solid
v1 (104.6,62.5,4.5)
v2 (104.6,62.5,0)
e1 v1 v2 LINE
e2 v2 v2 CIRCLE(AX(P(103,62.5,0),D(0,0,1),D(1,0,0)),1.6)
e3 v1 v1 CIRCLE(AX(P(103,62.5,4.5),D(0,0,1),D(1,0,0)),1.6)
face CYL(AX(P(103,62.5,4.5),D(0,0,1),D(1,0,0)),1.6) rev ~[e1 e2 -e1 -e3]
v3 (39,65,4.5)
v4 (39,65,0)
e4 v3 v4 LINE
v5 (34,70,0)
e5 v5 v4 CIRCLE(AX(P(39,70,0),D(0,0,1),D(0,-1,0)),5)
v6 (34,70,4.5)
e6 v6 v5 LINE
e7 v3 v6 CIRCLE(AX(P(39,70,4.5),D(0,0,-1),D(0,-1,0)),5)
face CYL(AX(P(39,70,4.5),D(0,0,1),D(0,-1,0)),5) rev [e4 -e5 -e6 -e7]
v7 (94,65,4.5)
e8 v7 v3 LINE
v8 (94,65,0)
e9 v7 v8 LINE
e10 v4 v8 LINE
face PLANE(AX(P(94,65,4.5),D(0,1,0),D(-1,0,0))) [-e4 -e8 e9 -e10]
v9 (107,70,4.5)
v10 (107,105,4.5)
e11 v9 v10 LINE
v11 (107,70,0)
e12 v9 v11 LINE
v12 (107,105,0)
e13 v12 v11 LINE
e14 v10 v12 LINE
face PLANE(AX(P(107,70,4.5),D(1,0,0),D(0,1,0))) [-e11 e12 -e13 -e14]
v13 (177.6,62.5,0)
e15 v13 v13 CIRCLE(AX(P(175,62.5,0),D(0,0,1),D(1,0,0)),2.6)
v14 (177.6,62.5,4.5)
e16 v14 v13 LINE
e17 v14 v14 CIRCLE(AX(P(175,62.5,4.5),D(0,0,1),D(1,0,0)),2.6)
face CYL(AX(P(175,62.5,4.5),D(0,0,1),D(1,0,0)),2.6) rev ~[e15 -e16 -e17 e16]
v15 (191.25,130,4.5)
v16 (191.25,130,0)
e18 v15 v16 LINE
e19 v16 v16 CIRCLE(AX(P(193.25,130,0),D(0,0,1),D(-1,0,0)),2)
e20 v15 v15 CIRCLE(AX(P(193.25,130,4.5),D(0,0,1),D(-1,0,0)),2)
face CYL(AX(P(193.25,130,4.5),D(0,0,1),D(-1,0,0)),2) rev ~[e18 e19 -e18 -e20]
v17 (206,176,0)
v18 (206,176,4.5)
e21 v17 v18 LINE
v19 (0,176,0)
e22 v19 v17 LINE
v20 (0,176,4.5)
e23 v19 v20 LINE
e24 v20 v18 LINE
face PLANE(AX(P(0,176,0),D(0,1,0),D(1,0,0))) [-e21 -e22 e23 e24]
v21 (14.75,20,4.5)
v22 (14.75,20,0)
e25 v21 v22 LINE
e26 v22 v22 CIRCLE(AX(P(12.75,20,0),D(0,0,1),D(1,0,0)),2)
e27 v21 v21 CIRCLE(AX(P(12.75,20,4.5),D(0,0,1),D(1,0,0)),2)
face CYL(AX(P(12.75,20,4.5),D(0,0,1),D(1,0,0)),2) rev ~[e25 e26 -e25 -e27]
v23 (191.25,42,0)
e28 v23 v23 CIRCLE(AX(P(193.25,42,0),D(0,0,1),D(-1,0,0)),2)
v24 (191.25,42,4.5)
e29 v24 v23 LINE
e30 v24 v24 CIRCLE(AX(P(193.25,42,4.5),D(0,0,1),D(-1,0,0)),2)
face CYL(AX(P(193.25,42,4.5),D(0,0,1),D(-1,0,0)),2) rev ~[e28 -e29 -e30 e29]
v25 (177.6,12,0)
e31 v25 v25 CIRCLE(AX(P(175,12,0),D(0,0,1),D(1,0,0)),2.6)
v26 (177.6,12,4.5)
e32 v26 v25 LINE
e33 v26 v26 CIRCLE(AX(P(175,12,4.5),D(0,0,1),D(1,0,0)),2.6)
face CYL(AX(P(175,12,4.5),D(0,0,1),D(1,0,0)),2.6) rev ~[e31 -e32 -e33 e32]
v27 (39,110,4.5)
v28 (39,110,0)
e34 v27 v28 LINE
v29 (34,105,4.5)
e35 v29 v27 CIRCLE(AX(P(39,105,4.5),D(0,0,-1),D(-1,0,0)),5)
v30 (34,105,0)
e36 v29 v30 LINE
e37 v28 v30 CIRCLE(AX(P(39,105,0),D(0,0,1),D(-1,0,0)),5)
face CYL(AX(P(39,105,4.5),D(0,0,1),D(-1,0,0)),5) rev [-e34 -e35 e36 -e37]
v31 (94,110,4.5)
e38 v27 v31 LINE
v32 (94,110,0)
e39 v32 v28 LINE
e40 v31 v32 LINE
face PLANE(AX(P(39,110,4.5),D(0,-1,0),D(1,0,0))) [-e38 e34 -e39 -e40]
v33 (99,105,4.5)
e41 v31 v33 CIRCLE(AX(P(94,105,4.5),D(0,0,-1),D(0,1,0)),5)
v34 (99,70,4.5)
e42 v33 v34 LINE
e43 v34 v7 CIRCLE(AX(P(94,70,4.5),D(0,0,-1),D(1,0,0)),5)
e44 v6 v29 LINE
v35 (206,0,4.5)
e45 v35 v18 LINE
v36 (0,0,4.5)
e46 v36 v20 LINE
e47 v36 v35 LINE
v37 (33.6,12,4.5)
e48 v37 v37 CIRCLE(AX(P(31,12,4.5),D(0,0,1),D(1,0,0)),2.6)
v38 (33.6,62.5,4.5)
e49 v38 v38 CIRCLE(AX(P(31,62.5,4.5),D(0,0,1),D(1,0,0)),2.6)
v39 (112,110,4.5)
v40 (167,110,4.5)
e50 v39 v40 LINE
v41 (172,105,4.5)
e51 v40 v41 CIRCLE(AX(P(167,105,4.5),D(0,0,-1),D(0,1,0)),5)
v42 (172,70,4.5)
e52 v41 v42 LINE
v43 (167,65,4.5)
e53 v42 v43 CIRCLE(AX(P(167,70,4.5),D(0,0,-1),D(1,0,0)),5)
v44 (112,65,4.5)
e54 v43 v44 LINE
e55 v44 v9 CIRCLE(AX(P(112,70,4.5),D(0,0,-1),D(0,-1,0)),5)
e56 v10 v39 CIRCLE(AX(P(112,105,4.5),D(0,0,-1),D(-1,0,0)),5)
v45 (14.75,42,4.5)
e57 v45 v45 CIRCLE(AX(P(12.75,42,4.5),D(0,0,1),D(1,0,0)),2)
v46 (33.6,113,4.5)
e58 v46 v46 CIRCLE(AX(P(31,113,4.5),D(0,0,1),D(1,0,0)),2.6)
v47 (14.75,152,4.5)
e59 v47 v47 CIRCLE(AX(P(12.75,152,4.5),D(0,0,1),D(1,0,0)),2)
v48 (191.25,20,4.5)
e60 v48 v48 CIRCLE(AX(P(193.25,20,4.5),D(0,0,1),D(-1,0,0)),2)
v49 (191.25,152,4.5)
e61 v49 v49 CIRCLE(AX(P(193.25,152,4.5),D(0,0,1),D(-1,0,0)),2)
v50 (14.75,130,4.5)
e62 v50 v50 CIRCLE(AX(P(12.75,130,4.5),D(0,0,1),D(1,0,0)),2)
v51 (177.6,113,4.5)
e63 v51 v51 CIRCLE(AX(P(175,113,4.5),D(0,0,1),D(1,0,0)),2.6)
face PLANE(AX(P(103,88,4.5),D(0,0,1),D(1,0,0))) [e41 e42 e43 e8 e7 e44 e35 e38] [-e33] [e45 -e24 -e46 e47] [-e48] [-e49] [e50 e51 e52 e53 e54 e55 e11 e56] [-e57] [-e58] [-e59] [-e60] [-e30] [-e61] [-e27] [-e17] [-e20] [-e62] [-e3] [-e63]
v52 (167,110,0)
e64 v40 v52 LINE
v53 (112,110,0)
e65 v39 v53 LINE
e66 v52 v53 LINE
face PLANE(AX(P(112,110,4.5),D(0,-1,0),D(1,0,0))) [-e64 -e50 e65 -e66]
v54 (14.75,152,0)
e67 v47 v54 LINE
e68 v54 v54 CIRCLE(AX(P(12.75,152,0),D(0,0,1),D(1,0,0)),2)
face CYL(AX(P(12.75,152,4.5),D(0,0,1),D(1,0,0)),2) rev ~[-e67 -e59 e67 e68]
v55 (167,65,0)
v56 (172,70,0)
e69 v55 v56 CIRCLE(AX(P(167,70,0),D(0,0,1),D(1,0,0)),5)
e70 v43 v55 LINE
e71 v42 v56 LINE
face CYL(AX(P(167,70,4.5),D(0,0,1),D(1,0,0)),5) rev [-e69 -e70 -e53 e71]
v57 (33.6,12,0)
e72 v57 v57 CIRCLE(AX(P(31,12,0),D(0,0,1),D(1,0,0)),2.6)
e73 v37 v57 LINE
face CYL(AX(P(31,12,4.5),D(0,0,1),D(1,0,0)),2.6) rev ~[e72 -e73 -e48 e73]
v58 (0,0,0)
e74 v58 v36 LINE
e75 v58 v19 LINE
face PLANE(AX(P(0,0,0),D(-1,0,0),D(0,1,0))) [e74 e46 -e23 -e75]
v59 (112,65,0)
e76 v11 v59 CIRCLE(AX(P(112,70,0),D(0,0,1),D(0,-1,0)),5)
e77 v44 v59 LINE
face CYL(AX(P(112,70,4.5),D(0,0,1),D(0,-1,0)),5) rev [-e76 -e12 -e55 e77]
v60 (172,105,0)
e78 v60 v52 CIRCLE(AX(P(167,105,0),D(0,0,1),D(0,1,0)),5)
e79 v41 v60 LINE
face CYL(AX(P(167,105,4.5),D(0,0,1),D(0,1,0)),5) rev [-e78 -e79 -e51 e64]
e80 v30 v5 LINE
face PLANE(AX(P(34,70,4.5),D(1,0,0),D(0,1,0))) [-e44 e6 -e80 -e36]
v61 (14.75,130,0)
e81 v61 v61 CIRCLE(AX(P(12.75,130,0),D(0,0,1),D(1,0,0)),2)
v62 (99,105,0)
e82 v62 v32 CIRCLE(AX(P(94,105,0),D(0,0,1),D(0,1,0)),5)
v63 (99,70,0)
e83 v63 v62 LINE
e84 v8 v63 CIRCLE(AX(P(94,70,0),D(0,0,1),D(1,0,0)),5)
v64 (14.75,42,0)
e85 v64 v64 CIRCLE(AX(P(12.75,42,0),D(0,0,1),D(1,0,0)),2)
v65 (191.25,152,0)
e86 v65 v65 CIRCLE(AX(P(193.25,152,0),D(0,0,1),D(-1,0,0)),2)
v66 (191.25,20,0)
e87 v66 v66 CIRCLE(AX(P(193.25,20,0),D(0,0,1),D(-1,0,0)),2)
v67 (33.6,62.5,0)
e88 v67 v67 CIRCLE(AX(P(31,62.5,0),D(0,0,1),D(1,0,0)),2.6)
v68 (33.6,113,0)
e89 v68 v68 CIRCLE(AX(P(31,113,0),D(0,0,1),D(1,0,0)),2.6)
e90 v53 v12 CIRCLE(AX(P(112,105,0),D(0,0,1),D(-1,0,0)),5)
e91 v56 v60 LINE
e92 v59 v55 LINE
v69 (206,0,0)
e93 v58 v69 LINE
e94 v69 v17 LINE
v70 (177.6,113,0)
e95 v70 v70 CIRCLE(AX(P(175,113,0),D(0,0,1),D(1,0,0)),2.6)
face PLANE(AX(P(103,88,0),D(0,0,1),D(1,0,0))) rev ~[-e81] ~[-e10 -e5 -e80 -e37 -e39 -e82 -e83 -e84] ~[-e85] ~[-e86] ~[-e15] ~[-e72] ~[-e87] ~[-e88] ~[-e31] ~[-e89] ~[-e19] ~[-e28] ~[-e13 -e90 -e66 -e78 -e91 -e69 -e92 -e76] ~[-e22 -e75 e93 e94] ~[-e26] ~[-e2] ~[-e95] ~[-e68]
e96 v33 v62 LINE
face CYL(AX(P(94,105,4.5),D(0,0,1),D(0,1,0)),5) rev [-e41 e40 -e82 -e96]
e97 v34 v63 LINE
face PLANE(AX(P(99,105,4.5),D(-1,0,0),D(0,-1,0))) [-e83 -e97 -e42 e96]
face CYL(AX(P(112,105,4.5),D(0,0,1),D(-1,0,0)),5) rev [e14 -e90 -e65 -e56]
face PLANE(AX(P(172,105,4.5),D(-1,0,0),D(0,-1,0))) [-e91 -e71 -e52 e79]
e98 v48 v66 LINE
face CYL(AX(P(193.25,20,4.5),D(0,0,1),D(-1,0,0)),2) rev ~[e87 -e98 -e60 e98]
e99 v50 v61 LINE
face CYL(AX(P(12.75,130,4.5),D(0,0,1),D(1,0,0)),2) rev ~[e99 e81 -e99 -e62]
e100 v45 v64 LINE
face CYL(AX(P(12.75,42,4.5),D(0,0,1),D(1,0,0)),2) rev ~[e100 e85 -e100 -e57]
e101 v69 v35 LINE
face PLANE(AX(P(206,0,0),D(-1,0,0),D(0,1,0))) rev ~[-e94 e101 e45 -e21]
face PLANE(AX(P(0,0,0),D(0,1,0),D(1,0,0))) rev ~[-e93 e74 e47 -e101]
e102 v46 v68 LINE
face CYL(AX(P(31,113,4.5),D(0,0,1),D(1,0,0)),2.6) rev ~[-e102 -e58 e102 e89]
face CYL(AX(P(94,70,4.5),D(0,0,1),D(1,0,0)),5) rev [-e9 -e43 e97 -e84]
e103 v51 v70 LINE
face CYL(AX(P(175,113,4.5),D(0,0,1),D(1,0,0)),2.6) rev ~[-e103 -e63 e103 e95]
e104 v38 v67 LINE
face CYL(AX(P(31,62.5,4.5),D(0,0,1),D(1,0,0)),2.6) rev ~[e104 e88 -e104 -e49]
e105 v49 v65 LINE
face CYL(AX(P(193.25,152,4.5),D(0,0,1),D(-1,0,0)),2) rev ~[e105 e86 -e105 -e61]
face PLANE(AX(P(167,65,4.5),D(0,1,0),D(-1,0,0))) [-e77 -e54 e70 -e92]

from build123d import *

# Parameters (mm, degrees)
SKETCH_1_W          = 206
SKETCH_1_H          = 176
EXTRUDE_1_DEPTH     = 4.5
CUT_EXTRUDE_1_REACH = 272.984
SKETCH_2_R          = 2
CUT_EXTRUDE_2_REACH = 272.984
SKETCH_3_R          = 2.6
SKETCH_3_R_2        = 1.6


with BuildPart() as part:
    # 草图1 → 凸台-拉伸1 (new body)
    with BuildSketch(Plane.XY):
        with Locations((103, 88)):
            Rectangle(SKETCH_1_W, SKETCH_1_H)
    extrude(amount=EXTRUDE_1_DEPTH)

    # 草图2 → 切除-拉伸1 (cut, up to next)
    with BuildSketch(Plane.XY.offset(4.5), mode=Mode.PRIVATE) as cut_extrude_1_sk1:
        with Locations((12.75, 152)):
            Circle(SKETCH_2_R)
    cut_extrude_1_tool1 = extrude(cut_extrude_1_sk1.sketch, amount=-CUT_EXTRUDE_1_REACH, mode=Mode.PRIVATE) & part.part
    # 草图2 → 切除-拉伸1 (cut, up to next)
    with BuildSketch(Plane.XY.offset(4.5), mode=Mode.PRIVATE) as cut_extrude_1_sk2:
        with Locations((12.75, 130)):
            Circle(SKETCH_2_R)
    cut_extrude_1_tool2 = extrude(cut_extrude_1_sk2.sketch, amount=-CUT_EXTRUDE_1_REACH, mode=Mode.PRIVATE) & part.part
    # 草图2 → 切除-拉伸1 (cut, up to next)
    with BuildSketch(Plane.XY.offset(4.5), mode=Mode.PRIVATE) as cut_extrude_1_sk3:
        with Locations((12.75, 42)):
            Circle(SKETCH_2_R)
    cut_extrude_1_tool3 = extrude(cut_extrude_1_sk3.sketch, amount=-CUT_EXTRUDE_1_REACH, mode=Mode.PRIVATE) & part.part
    # 草图2 → 切除-拉伸1 (cut, up to next)
    with BuildSketch(Plane.XY.offset(4.5), mode=Mode.PRIVATE) as cut_extrude_1_sk4:
        with Locations((12.75, 20)):
            Circle(SKETCH_2_R)
    cut_extrude_1_tool4 = extrude(cut_extrude_1_sk4.sketch, amount=-CUT_EXTRUDE_1_REACH, mode=Mode.PRIVATE) & part.part
    # 草图2 → 切除-拉伸1 (cut, up to next)
    with BuildSketch(Plane.XY.offset(4.5), mode=Mode.PRIVATE) as cut_extrude_1_sk5:
        with Locations(Location((193.25, 20, 0), (0, 0, 180))):
            Circle(SKETCH_2_R)
    cut_extrude_1_tool5 = extrude(cut_extrude_1_sk5.sketch, amount=-CUT_EXTRUDE_1_REACH, mode=Mode.PRIVATE) & part.part
    # 草图2 → 切除-拉伸1 (cut, up to next)
    with BuildSketch(Plane.XY.offset(4.5), mode=Mode.PRIVATE) as cut_extrude_1_sk6:
        with Locations(Location((193.25, 42, 0), (0, 0, 180))):
            Circle(SKETCH_2_R)
    cut_extrude_1_tool6 = extrude(cut_extrude_1_sk6.sketch, amount=-CUT_EXTRUDE_1_REACH, mode=Mode.PRIVATE) & part.part
    # 草图2 → 切除-拉伸1 (cut, up to next)
    with BuildSketch(Plane.XY.offset(4.5), mode=Mode.PRIVATE) as cut_extrude_1_sk7:
        with Locations(Location((193.25, 130, 0), (0, 0, 180))):
            Circle(SKETCH_2_R)
    cut_extrude_1_tool7 = extrude(cut_extrude_1_sk7.sketch, amount=-CUT_EXTRUDE_1_REACH, mode=Mode.PRIVATE) & part.part
    # 草图2 → 切除-拉伸1 (cut, up to next)
    with BuildSketch(Plane.XY.offset(4.5), mode=Mode.PRIVATE) as cut_extrude_1_sk8:
        with Locations(Location((193.25, 152, 0), (0, 0, 180))):
            Circle(SKETCH_2_R)
    cut_extrude_1_tool8 = extrude(cut_extrude_1_sk8.sketch, amount=-CUT_EXTRUDE_1_REACH, mode=Mode.PRIVATE) & part.part
    add(cut_extrude_1_tool1.solids().sort_by_distance((12.75, 152, 4.5))[0], mode=Mode.SUBTRACT)
    add(cut_extrude_1_tool2.solids().sort_by_distance((12.75, 130, 4.5))[0], mode=Mode.SUBTRACT)
    add(cut_extrude_1_tool3.solids().sort_by_distance((12.75, 42, 4.5))[0], mode=Mode.SUBTRACT)
    add(cut_extrude_1_tool4.solids().sort_by_distance((12.75, 20, 4.5))[0], mode=Mode.SUBTRACT)
    add(cut_extrude_1_tool5.solids().sort_by_distance((193.25, 20, 4.5))[0], mode=Mode.SUBTRACT)
    add(cut_extrude_1_tool6.solids().sort_by_distance((193.25, 42, 4.5))[0], mode=Mode.SUBTRACT)
    add(cut_extrude_1_tool7.solids().sort_by_distance((193.25, 130, 4.5))[0], mode=Mode.SUBTRACT)
    add(cut_extrude_1_tool8.solids().sort_by_distance((193.25, 152, 4.5))[0], mode=Mode.SUBTRACT)

    # 草图3 → 切除-拉伸2 (cut, up to next)
    with BuildSketch(Plane.XY.offset(4.5), mode=Mode.PRIVATE) as cut_extrude_2_sk1:
        with Locations((31, 113)):
            Circle(SKETCH_3_R)
    cut_extrude_2_tool1 = extrude(cut_extrude_2_sk1.sketch, amount=-CUT_EXTRUDE_2_REACH, mode=Mode.PRIVATE) & part.part
    # 草图3 → 切除-拉伸2 (cut, up to next)
    with BuildSketch(Plane.XY.offset(4.5), mode=Mode.PRIVATE) as cut_extrude_2_sk2:
        with Locations((31, 62.5)):
            Circle(SKETCH_3_R)
    cut_extrude_2_tool2 = extrude(cut_extrude_2_sk2.sketch, amount=-CUT_EXTRUDE_2_REACH, mode=Mode.PRIVATE) & part.part
    # 草图3 → 切除-拉伸2 (cut, up to next)
    with BuildSketch(Plane.XY.offset(4.5), mode=Mode.PRIVATE) as cut_extrude_2_sk3:
        with Locations((31, 12)):
            Circle(SKETCH_3_R)
    cut_extrude_2_tool3 = extrude(cut_extrude_2_sk3.sketch, amount=-CUT_EXTRUDE_2_REACH, mode=Mode.PRIVATE) & part.part
    # 草图3 → 切除-拉伸2 (cut, up to next)
    with BuildSketch(Plane.XY.offset(4.5), mode=Mode.PRIVATE) as cut_extrude_2_sk4:
        with Locations((175, 12)):
            Circle(SKETCH_3_R)
    cut_extrude_2_tool4 = extrude(cut_extrude_2_sk4.sketch, amount=-CUT_EXTRUDE_2_REACH, mode=Mode.PRIVATE) & part.part
    # 草图3 → 切除-拉伸2 (cut, up to next)
    with BuildSketch(Plane.XY.offset(4.5), mode=Mode.PRIVATE) as cut_extrude_2_sk5:
        with Locations((175, 62.5)):
            Circle(SKETCH_3_R)
    cut_extrude_2_tool5 = extrude(cut_extrude_2_sk5.sketch, amount=-CUT_EXTRUDE_2_REACH, mode=Mode.PRIVATE) & part.part
    # 草图3 → 切除-拉伸2 (cut, up to next)
    with BuildSketch(Plane.XY.offset(4.5), mode=Mode.PRIVATE) as cut_extrude_2_sk6:
        with Locations((175, 113)):
            Circle(SKETCH_3_R)
    cut_extrude_2_tool6 = extrude(cut_extrude_2_sk6.sketch, amount=-CUT_EXTRUDE_2_REACH, mode=Mode.PRIVATE) & part.part
    # 草图3 → 切除-拉伸2 (cut, up to next)
    with BuildSketch(Plane.XY.offset(4.5), mode=Mode.PRIVATE) as cut_extrude_2_sk7:
        with Locations((103, 62.5)):
            Circle(SKETCH_3_R_2)
    cut_extrude_2_tool7 = extrude(cut_extrude_2_sk7.sketch, amount=-CUT_EXTRUDE_2_REACH, mode=Mode.PRIVATE) & part.part
    # 草图3 → 切除-拉伸2 (cut, up to next)
    with BuildSketch(Plane.XY.offset(4.5), mode=Mode.PRIVATE) as cut_extrude_2_sk8:
        with BuildLine():
            Line((167, 65), (112, 65))
            ThreePointArc((112, 65), (108.464466094, 66.464466094), (107, 70))
            Line((107, 70), (107, 105))
            ThreePointArc((107, 105), (108.464466094, 108.535533906), (112, 110))
            Line((112, 110), (167, 110))
            ThreePointArc((167, 110), (170.535533906, 108.535533906), (172, 105))
            Line((172, 105), (172, 70))
            ThreePointArc((172, 70), (170.535533906, 66.464466094), (167, 65))
        make_face()
    cut_extrude_2_tool8 = extrude(cut_extrude_2_sk8.sketch, amount=-CUT_EXTRUDE_2_REACH, mode=Mode.PRIVATE) & part.part
    # 草图3 → 切除-拉伸2 (cut, up to next)
    with BuildSketch(Plane.XY.offset(4.5), mode=Mode.PRIVATE) as cut_extrude_2_sk9:
        with BuildLine():
            Line((39, 110), (94, 110))
            ThreePointArc((94, 110), (97.535533906, 108.535533906), (99, 105))
            Line((99, 105), (99, 70))
            ThreePointArc((99, 70), (97.535533906, 66.464466094), (94, 65))
            Line((94, 65), (39, 65))
            ThreePointArc((39, 65), (35.464466094, 66.464466094), (34, 70))
            Line((34, 70), (34, 105))
            ThreePointArc((34, 105), (35.464466094, 108.535533906), (39, 110))
        make_face()
    cut_extrude_2_tool9 = extrude(cut_extrude_2_sk9.sketch, amount=-CUT_EXTRUDE_2_REACH, mode=Mode.PRIVATE) & part.part
    add(cut_extrude_2_tool1.solids().sort_by_distance((31, 113, 4.5))[0], mode=Mode.SUBTRACT)
    add(cut_extrude_2_tool2.solids().sort_by_distance((31, 62.5, 4.5))[0], mode=Mode.SUBTRACT)
    add(cut_extrude_2_tool3.solids().sort_by_distance((31, 12, 4.5))[0], mode=Mode.SUBTRACT)
    add(cut_extrude_2_tool4.solids().sort_by_distance((175, 12, 4.5))[0], mode=Mode.SUBTRACT)
    add(cut_extrude_2_tool5.solids().sort_by_distance((175, 62.5, 4.5))[0], mode=Mode.SUBTRACT)
    add(cut_extrude_2_tool6.solids().sort_by_distance((175, 113, 4.5))[0], mode=Mode.SUBTRACT)
    add(cut_extrude_2_tool7.solids().sort_by_distance((103, 62.5, 4.5))[0], mode=Mode.SUBTRACT)
    add(cut_extrude_2_tool8.solids().sort_by_distance((139.5, 87.5, 4.5))[0], mode=Mode.SUBTRACT)
    add(cut_extrude_2_tool9.solids().sort_by_distance((66.5, 87.5, 4.5))[0], mode=Mode.SUBTRACT)


solid = part.part
